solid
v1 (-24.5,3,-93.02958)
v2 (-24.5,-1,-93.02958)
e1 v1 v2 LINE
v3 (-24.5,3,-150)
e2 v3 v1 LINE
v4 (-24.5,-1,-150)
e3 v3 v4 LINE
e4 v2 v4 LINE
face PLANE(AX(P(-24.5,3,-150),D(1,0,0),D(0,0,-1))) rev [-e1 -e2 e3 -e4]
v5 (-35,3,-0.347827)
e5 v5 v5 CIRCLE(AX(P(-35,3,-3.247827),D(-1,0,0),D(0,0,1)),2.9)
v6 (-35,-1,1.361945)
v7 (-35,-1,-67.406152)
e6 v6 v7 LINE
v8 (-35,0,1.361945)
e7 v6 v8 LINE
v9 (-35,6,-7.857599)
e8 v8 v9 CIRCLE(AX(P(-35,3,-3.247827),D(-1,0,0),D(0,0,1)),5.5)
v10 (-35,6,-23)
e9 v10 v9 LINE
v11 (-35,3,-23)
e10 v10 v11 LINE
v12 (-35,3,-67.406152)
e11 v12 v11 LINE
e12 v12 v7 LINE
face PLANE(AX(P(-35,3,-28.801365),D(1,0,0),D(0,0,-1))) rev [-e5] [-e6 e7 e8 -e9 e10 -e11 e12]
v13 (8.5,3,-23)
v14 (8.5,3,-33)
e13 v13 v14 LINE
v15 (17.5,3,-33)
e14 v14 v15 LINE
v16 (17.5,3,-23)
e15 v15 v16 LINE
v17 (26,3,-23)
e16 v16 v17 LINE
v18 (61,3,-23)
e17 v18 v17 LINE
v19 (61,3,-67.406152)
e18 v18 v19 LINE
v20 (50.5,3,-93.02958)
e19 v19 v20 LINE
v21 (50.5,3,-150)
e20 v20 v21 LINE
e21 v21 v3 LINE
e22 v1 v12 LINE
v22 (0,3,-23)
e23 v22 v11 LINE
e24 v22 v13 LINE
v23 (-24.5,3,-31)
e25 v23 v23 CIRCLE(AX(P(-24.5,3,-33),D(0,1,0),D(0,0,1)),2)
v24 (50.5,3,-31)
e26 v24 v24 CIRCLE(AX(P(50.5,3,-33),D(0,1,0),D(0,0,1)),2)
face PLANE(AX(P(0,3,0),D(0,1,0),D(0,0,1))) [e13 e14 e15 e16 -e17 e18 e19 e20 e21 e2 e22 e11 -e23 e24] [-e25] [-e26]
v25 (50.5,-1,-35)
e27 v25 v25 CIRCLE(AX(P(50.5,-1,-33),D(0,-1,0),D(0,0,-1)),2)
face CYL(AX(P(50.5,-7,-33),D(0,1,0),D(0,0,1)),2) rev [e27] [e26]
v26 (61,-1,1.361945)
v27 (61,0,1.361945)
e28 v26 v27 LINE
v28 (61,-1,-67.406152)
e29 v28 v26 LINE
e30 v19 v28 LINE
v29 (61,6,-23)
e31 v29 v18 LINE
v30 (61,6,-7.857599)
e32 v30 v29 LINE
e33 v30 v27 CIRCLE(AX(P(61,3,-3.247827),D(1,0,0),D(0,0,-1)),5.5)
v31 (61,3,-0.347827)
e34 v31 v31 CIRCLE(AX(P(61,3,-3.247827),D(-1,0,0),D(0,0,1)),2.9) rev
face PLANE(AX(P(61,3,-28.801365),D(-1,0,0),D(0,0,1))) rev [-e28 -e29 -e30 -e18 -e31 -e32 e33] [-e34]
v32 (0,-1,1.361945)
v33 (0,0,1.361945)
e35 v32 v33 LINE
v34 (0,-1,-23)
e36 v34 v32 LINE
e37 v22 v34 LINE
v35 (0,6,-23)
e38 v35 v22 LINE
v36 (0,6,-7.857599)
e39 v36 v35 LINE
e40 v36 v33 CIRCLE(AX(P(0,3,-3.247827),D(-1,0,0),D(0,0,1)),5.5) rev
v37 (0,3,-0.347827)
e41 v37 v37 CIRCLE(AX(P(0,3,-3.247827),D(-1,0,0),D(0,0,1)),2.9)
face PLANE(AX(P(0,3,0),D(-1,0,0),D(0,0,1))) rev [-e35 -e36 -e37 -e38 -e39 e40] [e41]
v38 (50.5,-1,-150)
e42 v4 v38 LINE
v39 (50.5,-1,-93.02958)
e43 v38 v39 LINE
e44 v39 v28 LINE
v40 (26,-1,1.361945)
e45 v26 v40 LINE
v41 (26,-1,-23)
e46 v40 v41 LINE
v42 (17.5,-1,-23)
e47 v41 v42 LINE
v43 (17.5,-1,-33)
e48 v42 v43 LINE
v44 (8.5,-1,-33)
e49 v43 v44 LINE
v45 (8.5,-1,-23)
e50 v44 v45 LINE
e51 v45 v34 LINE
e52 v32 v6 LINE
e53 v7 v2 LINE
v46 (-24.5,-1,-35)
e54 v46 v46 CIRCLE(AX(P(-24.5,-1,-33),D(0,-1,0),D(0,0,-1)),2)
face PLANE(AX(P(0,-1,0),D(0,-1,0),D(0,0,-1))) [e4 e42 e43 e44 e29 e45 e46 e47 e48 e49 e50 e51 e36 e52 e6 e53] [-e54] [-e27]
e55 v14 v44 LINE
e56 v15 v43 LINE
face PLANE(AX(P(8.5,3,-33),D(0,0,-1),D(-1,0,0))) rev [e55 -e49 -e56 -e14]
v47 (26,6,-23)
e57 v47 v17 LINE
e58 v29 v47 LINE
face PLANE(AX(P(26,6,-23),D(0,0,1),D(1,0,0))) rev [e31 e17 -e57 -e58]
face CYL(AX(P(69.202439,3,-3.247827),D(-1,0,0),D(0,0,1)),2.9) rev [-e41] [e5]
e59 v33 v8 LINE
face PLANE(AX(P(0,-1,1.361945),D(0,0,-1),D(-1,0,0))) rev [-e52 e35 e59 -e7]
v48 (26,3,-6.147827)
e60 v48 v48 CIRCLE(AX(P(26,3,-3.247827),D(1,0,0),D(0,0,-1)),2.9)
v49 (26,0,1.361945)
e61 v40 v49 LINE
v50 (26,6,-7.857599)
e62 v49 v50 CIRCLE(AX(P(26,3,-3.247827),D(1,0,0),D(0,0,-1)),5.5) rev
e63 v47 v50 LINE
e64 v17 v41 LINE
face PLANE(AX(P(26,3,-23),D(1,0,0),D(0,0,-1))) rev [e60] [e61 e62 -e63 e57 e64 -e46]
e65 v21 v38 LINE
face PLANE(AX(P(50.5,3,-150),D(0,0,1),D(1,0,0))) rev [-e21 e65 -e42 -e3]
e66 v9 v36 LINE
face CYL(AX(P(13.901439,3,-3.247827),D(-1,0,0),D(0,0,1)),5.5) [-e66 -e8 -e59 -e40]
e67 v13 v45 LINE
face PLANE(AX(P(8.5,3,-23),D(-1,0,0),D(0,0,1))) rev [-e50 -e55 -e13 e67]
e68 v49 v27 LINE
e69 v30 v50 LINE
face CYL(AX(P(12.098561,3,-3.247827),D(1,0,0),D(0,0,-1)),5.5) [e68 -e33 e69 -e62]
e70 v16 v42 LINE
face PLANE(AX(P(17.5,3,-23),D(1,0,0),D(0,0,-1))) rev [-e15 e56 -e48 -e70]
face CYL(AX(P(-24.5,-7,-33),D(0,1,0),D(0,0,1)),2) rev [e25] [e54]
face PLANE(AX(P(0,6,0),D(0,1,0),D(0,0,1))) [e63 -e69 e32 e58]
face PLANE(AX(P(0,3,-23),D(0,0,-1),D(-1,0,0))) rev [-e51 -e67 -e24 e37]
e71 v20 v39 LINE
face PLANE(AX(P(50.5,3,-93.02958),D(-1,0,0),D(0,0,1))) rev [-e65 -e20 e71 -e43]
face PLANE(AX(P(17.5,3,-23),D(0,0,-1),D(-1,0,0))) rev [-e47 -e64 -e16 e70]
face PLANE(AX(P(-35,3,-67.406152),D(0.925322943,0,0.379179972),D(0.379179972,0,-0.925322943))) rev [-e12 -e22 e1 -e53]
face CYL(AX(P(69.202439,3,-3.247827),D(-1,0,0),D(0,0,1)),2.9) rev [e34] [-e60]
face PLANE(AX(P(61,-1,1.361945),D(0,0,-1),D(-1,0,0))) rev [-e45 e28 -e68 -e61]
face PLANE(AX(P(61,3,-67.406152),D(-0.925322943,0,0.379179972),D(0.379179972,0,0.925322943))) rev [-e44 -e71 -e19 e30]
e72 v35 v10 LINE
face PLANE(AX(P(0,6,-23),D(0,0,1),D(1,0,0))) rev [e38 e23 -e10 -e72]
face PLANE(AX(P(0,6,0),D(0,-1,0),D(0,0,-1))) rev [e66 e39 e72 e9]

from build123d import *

# Parameters (mm, degrees)
BOSS_EXTRUDE1_DEPTH = 3
SKETCH5_W           = 35
SKETCH5_H           = 23
BOSS_EXTRUDE2_DEPTH = 3
BOSS_EXTRUDE5_DEPTH = 35
BOSS_EXTRUDE8_START = -35
BOSS_EXTRUDE8_DEPTH = 35
CUT_EXTRUDE1_START  = -96
SKETCH11_R          = 2.9
CUT_EXTRUDE1_DEPTH  = 96
BOSS_EXTRUDE7_DEPTH = 1
SKETCH17_R          = 2
CUT_EXTRUDE2_DEPTH  = 10


with BuildPart() as part:
    # Sketch1 → Boss-Extrude1 (new body)
    with BuildSketch(Plane(origin=(0, 0, 0), x_dir=(1, 0, 0), z_dir=(0, 1, 0))):
        Polygon((0, 0), (0, 23), (8.5, 23), (8.5, 33), (17.5, 33), (17.5, 23), (26, 23), (26, 0), (61, 0), (61, 28.801365462), (61, 67.406151765), (50.5, 93.029580251), (50.5, 150), (-24.5, 150), (-24.5, 93.029580251), (-35, 67.406151765), (-35, 28.801365462), (-35, 0), align=None)
    extrude(amount=BOSS_EXTRUDE1_DEPTH)

    # Sketch5 → Boss-Extrude2 (add)
    with BuildSketch(Plane(origin=(0, 3, 0), x_dir=(1, 0, 0), z_dir=(0, 1, 0))):
        with Locations((-17.5, 11.5)):
            Rectangle(SKETCH5_W, SKETCH5_H)
        with Locations((43.5, 11.5)):
            Rectangle(SKETCH5_W, SKETCH5_H)
    extrude(amount=BOSS_EXTRUDE2_DEPTH)

    # Sketch12 → Boss-Extrude5 (add)
    with BuildSketch(Plane.ZY.offset(35)):
        with BuildLine():
            Line((-7.857598958, 0), (1.361945499, 0))
            ThreePointArc((1.361945499, 0), (-3.247826729, 8.5), (-7.857598958, 0))
        make_face()
    extrude(amount=-BOSS_EXTRUDE5_DEPTH)

    # Sketch15 → Boss-Extrude8 (add)
    with BuildSketch(Plane(origin=(61, 0, 0), x_dir=(0, 0, -1), z_dir=(1, 0, 0)).offset(BOSS_EXTRUDE8_START)):
        with BuildLine():
            Line((7.857598958, 0), (-1.361945499, 0))
            ThreePointArc((-1.361945499, 0), (3.247826729, 8.5), (7.857598958, 0))
        make_face()
    extrude(amount=BOSS_EXTRUDE8_DEPTH)

    # Sketch11 → Cut-Extrude1 (cut)
    with BuildSketch(Plane.ZY.offset(35).offset(CUT_EXTRUDE1_START)):
        with Locations((-3.247826729, 3)):
            Circle(SKETCH11_R)
    extrude(amount=CUT_EXTRUDE1_DEPTH, mode=Mode.SUBTRACT)

    # Sketch14 → Boss-Extrude7 (add)
    with BuildSketch(Plane.XZ):
        Polygon((50.5, -93.029580251), (61, -67.406151765), (61, 1.361945499), (26, 1.361945499), (26, -23), (17.5, -23), (17.5, -33), (8.5, -33), (8.5, -23), (0, -23), (0, 1.361945499), (-35, 1.361945499), (-35, -67.406151765), (-24.5, -93.029580251), (-24.5, -150), (50.5, -150), align=None)
    extrude(amount=BOSS_EXTRUDE7_DEPTH)

    # Sketch17 → Cut-Extrude2 (cut)
    with BuildSketch(Plane(origin=(0, 3, 0), x_dir=(1, 0, 0), z_dir=(0, 1, 0))):
        with Locations(Location((-24.5, 33, 0), (0, 0, 270))):
            Circle(SKETCH17_R)
        with Locations(Location((50.5, 33, 0), (0, 0, 270))):
            Circle(SKETCH17_R)
    extrude(amount=-CUT_EXTRUDE2_DEPTH, mode=Mode.SUBTRACT)


solid = part.part
